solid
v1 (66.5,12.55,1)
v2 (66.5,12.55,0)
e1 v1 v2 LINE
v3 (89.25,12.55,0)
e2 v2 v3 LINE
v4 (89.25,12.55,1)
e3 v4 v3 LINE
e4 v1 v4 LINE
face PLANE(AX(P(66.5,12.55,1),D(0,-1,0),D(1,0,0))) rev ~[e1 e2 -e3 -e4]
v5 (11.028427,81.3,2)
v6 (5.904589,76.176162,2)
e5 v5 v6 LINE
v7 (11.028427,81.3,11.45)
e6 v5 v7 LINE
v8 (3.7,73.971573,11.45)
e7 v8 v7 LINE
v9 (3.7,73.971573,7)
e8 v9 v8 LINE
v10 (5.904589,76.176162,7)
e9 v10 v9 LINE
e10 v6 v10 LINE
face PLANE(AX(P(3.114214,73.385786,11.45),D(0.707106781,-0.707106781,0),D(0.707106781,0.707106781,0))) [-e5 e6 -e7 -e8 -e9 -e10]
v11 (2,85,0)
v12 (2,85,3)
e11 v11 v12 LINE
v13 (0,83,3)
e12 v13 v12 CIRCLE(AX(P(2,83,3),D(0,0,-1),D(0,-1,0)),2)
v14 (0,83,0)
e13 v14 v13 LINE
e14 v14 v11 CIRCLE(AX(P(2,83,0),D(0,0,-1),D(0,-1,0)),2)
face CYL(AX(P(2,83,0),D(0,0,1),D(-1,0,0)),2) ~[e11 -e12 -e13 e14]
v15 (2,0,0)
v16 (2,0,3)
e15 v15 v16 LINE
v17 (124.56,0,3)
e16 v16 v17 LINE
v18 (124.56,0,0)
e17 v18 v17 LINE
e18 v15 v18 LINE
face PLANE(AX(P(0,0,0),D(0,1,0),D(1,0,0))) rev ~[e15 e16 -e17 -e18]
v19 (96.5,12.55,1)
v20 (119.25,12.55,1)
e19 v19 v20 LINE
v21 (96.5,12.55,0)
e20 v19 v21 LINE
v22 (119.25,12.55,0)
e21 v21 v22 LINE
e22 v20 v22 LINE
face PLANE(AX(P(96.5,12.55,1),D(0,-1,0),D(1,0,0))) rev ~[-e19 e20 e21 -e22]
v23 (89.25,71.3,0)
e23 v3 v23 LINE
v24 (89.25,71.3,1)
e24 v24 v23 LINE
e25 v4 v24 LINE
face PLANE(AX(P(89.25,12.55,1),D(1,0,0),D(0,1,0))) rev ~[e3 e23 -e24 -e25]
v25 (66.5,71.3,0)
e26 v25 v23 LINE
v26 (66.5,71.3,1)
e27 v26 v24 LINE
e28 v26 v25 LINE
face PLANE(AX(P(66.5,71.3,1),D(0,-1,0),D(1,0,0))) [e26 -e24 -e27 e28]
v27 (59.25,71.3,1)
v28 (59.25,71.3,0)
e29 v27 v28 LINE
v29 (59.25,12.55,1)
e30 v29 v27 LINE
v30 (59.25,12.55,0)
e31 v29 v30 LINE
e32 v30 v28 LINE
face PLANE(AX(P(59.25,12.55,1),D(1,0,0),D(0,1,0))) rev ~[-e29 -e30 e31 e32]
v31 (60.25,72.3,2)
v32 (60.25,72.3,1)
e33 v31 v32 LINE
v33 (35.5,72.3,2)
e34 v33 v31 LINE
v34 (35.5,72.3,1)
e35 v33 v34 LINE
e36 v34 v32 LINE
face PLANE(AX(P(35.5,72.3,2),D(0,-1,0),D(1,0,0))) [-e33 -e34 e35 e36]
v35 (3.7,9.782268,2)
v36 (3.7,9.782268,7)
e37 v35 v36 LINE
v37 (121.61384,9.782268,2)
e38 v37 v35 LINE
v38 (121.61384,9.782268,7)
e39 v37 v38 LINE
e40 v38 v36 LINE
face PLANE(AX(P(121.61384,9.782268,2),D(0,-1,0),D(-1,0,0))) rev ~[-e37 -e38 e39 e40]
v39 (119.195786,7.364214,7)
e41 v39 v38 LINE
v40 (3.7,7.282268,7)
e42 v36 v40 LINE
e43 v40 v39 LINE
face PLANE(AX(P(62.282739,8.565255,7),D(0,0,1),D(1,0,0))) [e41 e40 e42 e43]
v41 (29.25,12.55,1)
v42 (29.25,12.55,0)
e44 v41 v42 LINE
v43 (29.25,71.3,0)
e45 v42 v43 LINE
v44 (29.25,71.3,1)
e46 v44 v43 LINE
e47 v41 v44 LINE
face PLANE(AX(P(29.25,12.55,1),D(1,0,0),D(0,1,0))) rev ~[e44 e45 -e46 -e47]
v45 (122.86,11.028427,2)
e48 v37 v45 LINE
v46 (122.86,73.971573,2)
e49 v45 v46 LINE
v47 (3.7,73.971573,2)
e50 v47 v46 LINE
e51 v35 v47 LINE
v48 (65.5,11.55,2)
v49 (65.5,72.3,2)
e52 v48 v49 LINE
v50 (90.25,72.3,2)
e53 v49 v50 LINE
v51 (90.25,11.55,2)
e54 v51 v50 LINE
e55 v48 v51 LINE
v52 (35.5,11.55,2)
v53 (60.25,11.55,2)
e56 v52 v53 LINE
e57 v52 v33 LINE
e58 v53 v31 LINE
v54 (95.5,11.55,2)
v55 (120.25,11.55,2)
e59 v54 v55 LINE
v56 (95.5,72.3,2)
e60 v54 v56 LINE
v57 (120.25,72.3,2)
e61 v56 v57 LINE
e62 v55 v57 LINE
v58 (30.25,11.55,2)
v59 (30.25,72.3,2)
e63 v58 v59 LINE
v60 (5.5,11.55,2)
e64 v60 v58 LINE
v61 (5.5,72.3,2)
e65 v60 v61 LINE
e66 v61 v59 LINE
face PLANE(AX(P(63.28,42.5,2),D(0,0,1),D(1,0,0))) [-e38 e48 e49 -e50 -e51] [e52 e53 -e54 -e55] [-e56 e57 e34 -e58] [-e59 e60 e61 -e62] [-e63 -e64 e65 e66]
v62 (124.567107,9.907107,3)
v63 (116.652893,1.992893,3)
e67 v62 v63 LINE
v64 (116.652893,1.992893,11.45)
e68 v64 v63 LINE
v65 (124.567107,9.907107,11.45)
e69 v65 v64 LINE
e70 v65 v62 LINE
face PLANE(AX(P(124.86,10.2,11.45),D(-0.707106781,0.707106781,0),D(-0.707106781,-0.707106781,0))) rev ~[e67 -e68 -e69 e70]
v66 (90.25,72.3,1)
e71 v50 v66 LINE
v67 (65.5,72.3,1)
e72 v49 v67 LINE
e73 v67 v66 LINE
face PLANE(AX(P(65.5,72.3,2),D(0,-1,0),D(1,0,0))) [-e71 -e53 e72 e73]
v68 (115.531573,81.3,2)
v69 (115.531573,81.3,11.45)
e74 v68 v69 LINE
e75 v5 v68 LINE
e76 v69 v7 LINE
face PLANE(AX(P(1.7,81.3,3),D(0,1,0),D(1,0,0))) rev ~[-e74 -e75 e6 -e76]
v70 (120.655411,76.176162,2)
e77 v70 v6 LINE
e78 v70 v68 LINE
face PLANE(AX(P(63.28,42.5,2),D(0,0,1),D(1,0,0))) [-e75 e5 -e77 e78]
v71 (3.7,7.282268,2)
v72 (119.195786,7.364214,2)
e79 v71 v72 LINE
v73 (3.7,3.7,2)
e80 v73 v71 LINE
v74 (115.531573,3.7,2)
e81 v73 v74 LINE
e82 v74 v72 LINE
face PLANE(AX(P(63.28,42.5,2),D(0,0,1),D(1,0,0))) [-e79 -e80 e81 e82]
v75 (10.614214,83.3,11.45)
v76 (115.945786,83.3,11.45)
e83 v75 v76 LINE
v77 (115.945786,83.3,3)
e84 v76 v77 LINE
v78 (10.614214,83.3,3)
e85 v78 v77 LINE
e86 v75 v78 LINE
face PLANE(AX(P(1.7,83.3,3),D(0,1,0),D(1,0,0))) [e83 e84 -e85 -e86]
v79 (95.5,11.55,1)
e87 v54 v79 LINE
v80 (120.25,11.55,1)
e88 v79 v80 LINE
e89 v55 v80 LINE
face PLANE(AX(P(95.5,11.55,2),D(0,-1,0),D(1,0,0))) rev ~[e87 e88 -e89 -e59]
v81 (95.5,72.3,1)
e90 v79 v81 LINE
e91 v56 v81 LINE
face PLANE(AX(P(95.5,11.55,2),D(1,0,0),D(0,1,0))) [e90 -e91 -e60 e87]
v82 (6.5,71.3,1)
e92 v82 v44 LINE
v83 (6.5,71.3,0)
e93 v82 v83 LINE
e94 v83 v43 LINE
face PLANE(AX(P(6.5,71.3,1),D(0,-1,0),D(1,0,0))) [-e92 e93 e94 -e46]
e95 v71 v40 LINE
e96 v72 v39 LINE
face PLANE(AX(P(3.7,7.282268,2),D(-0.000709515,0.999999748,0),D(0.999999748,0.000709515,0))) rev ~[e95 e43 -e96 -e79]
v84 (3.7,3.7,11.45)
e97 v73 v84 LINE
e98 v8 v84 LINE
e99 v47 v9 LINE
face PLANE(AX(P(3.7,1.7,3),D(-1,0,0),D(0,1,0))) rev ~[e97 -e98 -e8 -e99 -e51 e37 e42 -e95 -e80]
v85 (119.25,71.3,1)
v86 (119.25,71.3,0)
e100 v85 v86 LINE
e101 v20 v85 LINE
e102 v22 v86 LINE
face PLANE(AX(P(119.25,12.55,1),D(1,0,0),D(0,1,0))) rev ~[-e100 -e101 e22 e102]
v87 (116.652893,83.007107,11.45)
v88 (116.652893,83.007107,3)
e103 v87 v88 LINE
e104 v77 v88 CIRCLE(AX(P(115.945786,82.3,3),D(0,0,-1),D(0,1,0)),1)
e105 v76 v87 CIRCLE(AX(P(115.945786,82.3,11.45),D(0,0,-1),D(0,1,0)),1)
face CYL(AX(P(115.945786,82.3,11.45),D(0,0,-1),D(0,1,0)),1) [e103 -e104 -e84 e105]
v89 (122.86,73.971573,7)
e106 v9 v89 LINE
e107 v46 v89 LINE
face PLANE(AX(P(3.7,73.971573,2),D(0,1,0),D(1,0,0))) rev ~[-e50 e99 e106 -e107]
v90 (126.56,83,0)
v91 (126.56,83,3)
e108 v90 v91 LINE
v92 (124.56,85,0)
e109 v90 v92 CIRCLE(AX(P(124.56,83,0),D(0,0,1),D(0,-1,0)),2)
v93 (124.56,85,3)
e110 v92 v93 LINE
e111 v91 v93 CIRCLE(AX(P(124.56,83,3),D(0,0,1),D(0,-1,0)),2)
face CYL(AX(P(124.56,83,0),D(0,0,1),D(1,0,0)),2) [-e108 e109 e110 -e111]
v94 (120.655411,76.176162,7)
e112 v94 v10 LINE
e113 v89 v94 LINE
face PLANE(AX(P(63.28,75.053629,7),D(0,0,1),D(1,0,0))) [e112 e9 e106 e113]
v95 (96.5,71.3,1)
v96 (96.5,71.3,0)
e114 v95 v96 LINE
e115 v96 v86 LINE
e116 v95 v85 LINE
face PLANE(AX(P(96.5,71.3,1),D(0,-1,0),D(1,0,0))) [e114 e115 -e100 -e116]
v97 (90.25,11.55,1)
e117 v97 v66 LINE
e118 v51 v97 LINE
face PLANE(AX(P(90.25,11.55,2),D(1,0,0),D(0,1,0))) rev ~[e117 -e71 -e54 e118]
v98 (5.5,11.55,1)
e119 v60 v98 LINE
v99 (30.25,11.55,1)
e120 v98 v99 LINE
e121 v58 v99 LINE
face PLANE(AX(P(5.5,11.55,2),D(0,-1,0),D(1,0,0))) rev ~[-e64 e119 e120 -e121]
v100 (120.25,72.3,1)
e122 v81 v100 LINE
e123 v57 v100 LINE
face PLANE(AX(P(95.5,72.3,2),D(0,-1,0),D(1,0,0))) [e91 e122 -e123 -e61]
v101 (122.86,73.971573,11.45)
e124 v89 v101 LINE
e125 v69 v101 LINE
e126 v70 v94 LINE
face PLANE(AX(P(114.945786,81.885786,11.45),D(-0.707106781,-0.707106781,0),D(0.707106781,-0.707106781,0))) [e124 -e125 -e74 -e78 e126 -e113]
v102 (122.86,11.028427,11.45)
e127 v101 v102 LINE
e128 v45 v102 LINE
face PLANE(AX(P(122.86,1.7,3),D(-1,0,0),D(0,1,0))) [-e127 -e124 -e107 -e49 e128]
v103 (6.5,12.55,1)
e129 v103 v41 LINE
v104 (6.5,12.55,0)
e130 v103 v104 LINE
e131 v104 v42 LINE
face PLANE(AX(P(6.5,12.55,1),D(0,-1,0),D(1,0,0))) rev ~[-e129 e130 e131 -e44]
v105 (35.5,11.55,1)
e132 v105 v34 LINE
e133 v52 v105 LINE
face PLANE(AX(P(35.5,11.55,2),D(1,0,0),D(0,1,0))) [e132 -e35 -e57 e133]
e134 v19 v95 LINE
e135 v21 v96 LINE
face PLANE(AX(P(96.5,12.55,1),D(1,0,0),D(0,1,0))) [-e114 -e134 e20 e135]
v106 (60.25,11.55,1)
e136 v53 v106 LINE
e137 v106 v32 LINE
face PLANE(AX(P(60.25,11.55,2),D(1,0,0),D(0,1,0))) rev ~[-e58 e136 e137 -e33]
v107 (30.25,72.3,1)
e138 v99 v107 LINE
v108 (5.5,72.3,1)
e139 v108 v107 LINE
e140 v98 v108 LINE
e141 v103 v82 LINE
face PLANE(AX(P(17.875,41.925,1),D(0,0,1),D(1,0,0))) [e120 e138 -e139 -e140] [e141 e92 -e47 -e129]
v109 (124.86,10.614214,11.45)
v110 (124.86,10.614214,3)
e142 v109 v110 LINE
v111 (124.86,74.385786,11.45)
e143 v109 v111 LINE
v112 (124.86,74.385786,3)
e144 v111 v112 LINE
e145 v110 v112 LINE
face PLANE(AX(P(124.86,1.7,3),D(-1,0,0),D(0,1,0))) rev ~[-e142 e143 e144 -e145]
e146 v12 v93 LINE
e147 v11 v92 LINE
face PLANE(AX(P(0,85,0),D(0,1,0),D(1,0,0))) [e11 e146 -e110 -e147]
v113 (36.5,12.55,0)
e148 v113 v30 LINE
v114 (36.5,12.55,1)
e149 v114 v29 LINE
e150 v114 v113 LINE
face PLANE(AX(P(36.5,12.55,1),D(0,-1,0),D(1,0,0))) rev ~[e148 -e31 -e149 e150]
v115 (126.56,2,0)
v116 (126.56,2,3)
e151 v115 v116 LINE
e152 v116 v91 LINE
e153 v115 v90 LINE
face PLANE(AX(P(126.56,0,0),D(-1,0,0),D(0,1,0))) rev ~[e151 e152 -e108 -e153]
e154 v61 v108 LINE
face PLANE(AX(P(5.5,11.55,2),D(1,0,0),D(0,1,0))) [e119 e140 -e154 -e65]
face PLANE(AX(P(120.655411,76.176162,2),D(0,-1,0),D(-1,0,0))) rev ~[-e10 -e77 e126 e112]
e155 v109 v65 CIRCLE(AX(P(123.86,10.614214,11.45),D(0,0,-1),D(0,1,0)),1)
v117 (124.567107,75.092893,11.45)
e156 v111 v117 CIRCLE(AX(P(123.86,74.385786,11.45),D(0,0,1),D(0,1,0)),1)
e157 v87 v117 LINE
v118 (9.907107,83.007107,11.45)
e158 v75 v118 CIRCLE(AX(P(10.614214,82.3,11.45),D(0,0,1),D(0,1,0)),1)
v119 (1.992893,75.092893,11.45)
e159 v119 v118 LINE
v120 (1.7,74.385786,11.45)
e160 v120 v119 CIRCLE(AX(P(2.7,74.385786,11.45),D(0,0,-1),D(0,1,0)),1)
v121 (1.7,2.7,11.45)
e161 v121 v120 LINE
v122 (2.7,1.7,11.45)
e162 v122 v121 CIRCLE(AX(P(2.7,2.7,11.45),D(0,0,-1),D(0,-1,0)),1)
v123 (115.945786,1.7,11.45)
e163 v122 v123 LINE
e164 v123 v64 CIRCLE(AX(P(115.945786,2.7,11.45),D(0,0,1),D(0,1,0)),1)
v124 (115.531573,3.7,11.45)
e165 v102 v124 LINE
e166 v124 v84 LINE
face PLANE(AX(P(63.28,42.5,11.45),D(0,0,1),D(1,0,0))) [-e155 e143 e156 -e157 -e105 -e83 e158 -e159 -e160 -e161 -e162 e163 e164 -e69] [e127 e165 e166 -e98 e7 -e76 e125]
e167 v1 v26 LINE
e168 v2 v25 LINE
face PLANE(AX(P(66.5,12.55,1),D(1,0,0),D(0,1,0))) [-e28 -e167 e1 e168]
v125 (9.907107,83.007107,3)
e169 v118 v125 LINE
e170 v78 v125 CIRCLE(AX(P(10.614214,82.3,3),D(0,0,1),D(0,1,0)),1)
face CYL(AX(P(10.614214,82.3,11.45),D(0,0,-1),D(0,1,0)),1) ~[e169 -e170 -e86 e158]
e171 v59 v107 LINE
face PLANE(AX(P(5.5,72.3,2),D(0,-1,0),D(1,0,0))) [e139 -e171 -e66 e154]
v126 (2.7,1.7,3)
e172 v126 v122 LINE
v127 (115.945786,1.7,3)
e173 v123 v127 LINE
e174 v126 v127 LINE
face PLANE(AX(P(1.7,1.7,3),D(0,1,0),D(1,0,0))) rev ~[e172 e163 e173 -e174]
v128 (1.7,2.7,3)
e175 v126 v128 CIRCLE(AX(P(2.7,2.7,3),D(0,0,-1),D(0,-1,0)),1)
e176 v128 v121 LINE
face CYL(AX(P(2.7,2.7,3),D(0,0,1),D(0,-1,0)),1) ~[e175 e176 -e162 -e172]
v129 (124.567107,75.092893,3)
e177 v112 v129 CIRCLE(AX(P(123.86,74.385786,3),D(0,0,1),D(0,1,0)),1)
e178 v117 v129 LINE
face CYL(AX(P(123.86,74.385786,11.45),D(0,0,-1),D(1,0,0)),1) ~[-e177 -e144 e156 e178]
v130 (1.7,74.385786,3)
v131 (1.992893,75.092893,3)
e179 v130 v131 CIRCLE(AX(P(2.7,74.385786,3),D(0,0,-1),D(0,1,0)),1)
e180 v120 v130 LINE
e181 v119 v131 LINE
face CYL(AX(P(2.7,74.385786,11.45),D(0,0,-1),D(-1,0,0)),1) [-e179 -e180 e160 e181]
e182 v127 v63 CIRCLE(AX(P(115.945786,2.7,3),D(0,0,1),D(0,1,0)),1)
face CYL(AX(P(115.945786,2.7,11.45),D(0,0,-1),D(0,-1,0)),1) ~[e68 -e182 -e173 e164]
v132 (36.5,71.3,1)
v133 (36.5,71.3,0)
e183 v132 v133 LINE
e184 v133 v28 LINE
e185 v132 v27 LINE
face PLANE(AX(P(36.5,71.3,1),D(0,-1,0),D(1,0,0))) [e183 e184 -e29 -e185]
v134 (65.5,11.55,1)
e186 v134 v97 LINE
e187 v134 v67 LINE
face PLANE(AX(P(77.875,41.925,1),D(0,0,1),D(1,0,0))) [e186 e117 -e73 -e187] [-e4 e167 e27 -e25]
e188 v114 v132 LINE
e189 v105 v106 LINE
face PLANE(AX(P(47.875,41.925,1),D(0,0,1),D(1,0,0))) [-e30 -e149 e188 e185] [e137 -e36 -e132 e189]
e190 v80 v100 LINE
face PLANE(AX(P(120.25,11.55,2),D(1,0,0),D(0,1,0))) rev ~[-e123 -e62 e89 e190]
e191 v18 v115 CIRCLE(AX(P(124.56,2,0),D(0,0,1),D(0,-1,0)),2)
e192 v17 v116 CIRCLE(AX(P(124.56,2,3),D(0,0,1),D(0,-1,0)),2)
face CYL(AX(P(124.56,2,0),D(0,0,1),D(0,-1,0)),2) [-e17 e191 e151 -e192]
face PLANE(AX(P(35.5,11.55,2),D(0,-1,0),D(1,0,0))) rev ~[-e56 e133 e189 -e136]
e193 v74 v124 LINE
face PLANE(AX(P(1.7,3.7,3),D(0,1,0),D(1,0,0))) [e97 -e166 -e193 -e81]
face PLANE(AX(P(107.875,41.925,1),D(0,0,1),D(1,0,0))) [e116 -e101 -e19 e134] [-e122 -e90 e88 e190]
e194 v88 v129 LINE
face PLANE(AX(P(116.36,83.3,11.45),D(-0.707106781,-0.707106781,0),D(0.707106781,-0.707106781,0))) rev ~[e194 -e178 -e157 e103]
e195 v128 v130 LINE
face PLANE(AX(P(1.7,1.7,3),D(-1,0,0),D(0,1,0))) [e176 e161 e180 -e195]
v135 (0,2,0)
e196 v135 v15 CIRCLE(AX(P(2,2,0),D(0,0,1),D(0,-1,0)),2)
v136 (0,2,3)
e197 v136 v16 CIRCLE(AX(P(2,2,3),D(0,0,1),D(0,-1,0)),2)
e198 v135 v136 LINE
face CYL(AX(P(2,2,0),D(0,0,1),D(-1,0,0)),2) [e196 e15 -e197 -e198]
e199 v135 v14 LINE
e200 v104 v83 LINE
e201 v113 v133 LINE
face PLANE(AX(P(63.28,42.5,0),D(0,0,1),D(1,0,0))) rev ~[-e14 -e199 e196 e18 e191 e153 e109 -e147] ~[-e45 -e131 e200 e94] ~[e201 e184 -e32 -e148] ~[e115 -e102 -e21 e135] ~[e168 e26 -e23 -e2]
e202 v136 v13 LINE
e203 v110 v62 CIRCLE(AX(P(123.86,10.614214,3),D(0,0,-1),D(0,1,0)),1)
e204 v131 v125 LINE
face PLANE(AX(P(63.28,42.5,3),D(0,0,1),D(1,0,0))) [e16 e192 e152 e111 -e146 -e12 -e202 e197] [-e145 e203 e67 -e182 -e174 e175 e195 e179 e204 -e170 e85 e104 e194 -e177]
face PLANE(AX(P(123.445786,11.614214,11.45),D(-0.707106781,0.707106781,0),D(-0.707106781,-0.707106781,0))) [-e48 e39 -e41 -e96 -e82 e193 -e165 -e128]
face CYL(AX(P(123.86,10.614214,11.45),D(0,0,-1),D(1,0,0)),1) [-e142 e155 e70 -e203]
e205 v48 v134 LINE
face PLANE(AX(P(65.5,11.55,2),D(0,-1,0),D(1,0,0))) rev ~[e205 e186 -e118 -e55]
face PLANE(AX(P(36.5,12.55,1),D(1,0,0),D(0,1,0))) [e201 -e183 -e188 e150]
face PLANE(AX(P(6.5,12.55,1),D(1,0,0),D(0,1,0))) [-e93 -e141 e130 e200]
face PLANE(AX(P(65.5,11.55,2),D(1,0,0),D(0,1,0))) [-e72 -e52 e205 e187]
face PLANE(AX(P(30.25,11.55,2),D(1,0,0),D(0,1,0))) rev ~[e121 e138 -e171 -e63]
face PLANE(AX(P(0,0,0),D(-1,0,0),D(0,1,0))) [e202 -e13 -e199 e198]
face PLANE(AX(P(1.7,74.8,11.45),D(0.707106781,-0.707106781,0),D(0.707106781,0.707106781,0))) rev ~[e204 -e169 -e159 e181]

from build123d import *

# Parameters (mm, degrees)
SKETCH1_W           = 126.56
SKETCH1_H           = 85
BOSS_EXTRUDE1_DEPTH = 3
SKETCH2_W           = 123.16
SKETCH2_H           = 81.6
BOSS_EXTRUDE2_DEPTH = 8.45
CUT_EXTRUDE1_DEPTH  = 8.45
FILLET1_R           = 1
SHELL1_T            = -2
FILLET2_R           = 2
SKETCH4_W           = 24.75
SKETCH4_H           = 60.75
CUT_EXTRUDE2_DEPTH  = 1
SKETCH5_W           = 22.75
SKETCH5_H           = 58.75
CUT_EXTRUDE3_DEPTH  = 1
BOSS_EXTRUDE4_DEPTH = 5


with BuildPart() as part:
    # Sketch1 → Boss-Extrude1 (new body)
    with BuildSketch(Plane.XY):
        with Locations((63.28, 42.5)):
            Rectangle(SKETCH1_W, SKETCH1_H)
    extrude(amount=BOSS_EXTRUDE1_DEPTH)

    # Sketch2 → Boss-Extrude2 (add)
    with BuildSketch(Plane.XY.offset(3)):
        with Locations((63.28, 42.5)):
            Rectangle(SKETCH2_W, SKETCH2_H)
    extrude(amount=BOSS_EXTRUDE2_DEPTH)

    # Sketch3 → Cut-Extrude1 (cut)
    with BuildSketch(Plane.XY.offset(11.45)):
        Polygon((1.7, 83.3), (1.7, 74.8), (10.2, 83.3), align=None)
        Polygon((124.86, 83.3), (116.36, 83.3), (124.86, 74.8), align=None)
        Polygon((124.86, 1.7), (124.86, 10.2), (116.36, 1.7), align=None)
    extrude(amount=-CUT_EXTRUDE1_DEPTH, mode=Mode.SUBTRACT)

    # Fillet1
    fillet1_edges = [part.edges().sort_by_distance(p)[0] for p in [
        (1.7, 1.7, 7.225),
        (10.2, 83.3, 7.225),
        (1.7, 74.8, 7.225),
        (124.86, 74.8, 7.225),
        (116.36, 83.3, 7.225),
        (116.36, 1.7, 7.225),
        (124.86, 10.2, 7.225),
    ]]
    fillet(fillet1_edges, radius=FILLET1_R)

    # Shell1
    shell1_openings = [part.faces().sort_by_distance(p)[0] for p in [
        (63.067597632, 42.362751228, 11.45),
    ]]
    offset(amount=SHELL1_T, openings=shell1_openings, kind=Kind.INTERSECTION)

    # Fillet2
    fillet2_edges = [part.edges().sort_by_distance(p)[0] for p in [
        (0, 85, 1.5),
        (126.56, 85, 1.5),
        (126.56, 0, 1.5),
        (0, 0, 1.5),
    ]]
    fillet(fillet2_edges, radius=FILLET2_R)

    # Sketch4 → Cut-Extrude2 (cut)
    with BuildSketch(Plane.XY.offset(2)):
        with Locations((17.875, 41.925)):
            Rectangle(SKETCH4_W, SKETCH4_H)
        with Locations((47.875, 41.925)):
            Rectangle(SKETCH4_W, SKETCH4_H)
        with Locations((77.875, 41.925)):
            Rectangle(SKETCH4_W, SKETCH4_H)
        with Locations((107.875, 41.925)):
            Rectangle(SKETCH4_W, SKETCH4_H)
    extrude(amount=-CUT_EXTRUDE2_DEPTH, mode=Mode.SUBTRACT)

    # Sketch5 → Cut-Extrude3 (cut)
    with BuildSketch(Plane.XY.offset(1)):
        with Locations((17.875, 41.925)):
            Rectangle(SKETCH5_W, SKETCH5_H)
        with Locations((47.875, 41.925)):
            Rectangle(SKETCH5_W, SKETCH5_H)
        with Locations((77.875, 41.925)):
            Rectangle(SKETCH5_W, SKETCH5_H)
        with Locations((107.875, 41.925)):
            Rectangle(SKETCH5_W, SKETCH5_H)
    extrude(amount=-CUT_EXTRUDE3_DEPTH, mode=Mode.SUBTRACT)

    # Sketch7 → Boss-Extrude4 (add)
    with BuildSketch(Plane.XY.offset(2)):
        Polygon((3.7, 73.971572875), (122.86, 73.971572875), (120.655411021, 76.176161854), (5.904588979, 76.176161854), align=None)
        Polygon((3.7, 9.782267604), (3.7, 7.282267604), (119.195786438, 7.364213562), (121.613840479, 9.782267604), align=None)
    extrude(amount=BOSS_EXTRUDE4_DEPTH)


solid = part.part
